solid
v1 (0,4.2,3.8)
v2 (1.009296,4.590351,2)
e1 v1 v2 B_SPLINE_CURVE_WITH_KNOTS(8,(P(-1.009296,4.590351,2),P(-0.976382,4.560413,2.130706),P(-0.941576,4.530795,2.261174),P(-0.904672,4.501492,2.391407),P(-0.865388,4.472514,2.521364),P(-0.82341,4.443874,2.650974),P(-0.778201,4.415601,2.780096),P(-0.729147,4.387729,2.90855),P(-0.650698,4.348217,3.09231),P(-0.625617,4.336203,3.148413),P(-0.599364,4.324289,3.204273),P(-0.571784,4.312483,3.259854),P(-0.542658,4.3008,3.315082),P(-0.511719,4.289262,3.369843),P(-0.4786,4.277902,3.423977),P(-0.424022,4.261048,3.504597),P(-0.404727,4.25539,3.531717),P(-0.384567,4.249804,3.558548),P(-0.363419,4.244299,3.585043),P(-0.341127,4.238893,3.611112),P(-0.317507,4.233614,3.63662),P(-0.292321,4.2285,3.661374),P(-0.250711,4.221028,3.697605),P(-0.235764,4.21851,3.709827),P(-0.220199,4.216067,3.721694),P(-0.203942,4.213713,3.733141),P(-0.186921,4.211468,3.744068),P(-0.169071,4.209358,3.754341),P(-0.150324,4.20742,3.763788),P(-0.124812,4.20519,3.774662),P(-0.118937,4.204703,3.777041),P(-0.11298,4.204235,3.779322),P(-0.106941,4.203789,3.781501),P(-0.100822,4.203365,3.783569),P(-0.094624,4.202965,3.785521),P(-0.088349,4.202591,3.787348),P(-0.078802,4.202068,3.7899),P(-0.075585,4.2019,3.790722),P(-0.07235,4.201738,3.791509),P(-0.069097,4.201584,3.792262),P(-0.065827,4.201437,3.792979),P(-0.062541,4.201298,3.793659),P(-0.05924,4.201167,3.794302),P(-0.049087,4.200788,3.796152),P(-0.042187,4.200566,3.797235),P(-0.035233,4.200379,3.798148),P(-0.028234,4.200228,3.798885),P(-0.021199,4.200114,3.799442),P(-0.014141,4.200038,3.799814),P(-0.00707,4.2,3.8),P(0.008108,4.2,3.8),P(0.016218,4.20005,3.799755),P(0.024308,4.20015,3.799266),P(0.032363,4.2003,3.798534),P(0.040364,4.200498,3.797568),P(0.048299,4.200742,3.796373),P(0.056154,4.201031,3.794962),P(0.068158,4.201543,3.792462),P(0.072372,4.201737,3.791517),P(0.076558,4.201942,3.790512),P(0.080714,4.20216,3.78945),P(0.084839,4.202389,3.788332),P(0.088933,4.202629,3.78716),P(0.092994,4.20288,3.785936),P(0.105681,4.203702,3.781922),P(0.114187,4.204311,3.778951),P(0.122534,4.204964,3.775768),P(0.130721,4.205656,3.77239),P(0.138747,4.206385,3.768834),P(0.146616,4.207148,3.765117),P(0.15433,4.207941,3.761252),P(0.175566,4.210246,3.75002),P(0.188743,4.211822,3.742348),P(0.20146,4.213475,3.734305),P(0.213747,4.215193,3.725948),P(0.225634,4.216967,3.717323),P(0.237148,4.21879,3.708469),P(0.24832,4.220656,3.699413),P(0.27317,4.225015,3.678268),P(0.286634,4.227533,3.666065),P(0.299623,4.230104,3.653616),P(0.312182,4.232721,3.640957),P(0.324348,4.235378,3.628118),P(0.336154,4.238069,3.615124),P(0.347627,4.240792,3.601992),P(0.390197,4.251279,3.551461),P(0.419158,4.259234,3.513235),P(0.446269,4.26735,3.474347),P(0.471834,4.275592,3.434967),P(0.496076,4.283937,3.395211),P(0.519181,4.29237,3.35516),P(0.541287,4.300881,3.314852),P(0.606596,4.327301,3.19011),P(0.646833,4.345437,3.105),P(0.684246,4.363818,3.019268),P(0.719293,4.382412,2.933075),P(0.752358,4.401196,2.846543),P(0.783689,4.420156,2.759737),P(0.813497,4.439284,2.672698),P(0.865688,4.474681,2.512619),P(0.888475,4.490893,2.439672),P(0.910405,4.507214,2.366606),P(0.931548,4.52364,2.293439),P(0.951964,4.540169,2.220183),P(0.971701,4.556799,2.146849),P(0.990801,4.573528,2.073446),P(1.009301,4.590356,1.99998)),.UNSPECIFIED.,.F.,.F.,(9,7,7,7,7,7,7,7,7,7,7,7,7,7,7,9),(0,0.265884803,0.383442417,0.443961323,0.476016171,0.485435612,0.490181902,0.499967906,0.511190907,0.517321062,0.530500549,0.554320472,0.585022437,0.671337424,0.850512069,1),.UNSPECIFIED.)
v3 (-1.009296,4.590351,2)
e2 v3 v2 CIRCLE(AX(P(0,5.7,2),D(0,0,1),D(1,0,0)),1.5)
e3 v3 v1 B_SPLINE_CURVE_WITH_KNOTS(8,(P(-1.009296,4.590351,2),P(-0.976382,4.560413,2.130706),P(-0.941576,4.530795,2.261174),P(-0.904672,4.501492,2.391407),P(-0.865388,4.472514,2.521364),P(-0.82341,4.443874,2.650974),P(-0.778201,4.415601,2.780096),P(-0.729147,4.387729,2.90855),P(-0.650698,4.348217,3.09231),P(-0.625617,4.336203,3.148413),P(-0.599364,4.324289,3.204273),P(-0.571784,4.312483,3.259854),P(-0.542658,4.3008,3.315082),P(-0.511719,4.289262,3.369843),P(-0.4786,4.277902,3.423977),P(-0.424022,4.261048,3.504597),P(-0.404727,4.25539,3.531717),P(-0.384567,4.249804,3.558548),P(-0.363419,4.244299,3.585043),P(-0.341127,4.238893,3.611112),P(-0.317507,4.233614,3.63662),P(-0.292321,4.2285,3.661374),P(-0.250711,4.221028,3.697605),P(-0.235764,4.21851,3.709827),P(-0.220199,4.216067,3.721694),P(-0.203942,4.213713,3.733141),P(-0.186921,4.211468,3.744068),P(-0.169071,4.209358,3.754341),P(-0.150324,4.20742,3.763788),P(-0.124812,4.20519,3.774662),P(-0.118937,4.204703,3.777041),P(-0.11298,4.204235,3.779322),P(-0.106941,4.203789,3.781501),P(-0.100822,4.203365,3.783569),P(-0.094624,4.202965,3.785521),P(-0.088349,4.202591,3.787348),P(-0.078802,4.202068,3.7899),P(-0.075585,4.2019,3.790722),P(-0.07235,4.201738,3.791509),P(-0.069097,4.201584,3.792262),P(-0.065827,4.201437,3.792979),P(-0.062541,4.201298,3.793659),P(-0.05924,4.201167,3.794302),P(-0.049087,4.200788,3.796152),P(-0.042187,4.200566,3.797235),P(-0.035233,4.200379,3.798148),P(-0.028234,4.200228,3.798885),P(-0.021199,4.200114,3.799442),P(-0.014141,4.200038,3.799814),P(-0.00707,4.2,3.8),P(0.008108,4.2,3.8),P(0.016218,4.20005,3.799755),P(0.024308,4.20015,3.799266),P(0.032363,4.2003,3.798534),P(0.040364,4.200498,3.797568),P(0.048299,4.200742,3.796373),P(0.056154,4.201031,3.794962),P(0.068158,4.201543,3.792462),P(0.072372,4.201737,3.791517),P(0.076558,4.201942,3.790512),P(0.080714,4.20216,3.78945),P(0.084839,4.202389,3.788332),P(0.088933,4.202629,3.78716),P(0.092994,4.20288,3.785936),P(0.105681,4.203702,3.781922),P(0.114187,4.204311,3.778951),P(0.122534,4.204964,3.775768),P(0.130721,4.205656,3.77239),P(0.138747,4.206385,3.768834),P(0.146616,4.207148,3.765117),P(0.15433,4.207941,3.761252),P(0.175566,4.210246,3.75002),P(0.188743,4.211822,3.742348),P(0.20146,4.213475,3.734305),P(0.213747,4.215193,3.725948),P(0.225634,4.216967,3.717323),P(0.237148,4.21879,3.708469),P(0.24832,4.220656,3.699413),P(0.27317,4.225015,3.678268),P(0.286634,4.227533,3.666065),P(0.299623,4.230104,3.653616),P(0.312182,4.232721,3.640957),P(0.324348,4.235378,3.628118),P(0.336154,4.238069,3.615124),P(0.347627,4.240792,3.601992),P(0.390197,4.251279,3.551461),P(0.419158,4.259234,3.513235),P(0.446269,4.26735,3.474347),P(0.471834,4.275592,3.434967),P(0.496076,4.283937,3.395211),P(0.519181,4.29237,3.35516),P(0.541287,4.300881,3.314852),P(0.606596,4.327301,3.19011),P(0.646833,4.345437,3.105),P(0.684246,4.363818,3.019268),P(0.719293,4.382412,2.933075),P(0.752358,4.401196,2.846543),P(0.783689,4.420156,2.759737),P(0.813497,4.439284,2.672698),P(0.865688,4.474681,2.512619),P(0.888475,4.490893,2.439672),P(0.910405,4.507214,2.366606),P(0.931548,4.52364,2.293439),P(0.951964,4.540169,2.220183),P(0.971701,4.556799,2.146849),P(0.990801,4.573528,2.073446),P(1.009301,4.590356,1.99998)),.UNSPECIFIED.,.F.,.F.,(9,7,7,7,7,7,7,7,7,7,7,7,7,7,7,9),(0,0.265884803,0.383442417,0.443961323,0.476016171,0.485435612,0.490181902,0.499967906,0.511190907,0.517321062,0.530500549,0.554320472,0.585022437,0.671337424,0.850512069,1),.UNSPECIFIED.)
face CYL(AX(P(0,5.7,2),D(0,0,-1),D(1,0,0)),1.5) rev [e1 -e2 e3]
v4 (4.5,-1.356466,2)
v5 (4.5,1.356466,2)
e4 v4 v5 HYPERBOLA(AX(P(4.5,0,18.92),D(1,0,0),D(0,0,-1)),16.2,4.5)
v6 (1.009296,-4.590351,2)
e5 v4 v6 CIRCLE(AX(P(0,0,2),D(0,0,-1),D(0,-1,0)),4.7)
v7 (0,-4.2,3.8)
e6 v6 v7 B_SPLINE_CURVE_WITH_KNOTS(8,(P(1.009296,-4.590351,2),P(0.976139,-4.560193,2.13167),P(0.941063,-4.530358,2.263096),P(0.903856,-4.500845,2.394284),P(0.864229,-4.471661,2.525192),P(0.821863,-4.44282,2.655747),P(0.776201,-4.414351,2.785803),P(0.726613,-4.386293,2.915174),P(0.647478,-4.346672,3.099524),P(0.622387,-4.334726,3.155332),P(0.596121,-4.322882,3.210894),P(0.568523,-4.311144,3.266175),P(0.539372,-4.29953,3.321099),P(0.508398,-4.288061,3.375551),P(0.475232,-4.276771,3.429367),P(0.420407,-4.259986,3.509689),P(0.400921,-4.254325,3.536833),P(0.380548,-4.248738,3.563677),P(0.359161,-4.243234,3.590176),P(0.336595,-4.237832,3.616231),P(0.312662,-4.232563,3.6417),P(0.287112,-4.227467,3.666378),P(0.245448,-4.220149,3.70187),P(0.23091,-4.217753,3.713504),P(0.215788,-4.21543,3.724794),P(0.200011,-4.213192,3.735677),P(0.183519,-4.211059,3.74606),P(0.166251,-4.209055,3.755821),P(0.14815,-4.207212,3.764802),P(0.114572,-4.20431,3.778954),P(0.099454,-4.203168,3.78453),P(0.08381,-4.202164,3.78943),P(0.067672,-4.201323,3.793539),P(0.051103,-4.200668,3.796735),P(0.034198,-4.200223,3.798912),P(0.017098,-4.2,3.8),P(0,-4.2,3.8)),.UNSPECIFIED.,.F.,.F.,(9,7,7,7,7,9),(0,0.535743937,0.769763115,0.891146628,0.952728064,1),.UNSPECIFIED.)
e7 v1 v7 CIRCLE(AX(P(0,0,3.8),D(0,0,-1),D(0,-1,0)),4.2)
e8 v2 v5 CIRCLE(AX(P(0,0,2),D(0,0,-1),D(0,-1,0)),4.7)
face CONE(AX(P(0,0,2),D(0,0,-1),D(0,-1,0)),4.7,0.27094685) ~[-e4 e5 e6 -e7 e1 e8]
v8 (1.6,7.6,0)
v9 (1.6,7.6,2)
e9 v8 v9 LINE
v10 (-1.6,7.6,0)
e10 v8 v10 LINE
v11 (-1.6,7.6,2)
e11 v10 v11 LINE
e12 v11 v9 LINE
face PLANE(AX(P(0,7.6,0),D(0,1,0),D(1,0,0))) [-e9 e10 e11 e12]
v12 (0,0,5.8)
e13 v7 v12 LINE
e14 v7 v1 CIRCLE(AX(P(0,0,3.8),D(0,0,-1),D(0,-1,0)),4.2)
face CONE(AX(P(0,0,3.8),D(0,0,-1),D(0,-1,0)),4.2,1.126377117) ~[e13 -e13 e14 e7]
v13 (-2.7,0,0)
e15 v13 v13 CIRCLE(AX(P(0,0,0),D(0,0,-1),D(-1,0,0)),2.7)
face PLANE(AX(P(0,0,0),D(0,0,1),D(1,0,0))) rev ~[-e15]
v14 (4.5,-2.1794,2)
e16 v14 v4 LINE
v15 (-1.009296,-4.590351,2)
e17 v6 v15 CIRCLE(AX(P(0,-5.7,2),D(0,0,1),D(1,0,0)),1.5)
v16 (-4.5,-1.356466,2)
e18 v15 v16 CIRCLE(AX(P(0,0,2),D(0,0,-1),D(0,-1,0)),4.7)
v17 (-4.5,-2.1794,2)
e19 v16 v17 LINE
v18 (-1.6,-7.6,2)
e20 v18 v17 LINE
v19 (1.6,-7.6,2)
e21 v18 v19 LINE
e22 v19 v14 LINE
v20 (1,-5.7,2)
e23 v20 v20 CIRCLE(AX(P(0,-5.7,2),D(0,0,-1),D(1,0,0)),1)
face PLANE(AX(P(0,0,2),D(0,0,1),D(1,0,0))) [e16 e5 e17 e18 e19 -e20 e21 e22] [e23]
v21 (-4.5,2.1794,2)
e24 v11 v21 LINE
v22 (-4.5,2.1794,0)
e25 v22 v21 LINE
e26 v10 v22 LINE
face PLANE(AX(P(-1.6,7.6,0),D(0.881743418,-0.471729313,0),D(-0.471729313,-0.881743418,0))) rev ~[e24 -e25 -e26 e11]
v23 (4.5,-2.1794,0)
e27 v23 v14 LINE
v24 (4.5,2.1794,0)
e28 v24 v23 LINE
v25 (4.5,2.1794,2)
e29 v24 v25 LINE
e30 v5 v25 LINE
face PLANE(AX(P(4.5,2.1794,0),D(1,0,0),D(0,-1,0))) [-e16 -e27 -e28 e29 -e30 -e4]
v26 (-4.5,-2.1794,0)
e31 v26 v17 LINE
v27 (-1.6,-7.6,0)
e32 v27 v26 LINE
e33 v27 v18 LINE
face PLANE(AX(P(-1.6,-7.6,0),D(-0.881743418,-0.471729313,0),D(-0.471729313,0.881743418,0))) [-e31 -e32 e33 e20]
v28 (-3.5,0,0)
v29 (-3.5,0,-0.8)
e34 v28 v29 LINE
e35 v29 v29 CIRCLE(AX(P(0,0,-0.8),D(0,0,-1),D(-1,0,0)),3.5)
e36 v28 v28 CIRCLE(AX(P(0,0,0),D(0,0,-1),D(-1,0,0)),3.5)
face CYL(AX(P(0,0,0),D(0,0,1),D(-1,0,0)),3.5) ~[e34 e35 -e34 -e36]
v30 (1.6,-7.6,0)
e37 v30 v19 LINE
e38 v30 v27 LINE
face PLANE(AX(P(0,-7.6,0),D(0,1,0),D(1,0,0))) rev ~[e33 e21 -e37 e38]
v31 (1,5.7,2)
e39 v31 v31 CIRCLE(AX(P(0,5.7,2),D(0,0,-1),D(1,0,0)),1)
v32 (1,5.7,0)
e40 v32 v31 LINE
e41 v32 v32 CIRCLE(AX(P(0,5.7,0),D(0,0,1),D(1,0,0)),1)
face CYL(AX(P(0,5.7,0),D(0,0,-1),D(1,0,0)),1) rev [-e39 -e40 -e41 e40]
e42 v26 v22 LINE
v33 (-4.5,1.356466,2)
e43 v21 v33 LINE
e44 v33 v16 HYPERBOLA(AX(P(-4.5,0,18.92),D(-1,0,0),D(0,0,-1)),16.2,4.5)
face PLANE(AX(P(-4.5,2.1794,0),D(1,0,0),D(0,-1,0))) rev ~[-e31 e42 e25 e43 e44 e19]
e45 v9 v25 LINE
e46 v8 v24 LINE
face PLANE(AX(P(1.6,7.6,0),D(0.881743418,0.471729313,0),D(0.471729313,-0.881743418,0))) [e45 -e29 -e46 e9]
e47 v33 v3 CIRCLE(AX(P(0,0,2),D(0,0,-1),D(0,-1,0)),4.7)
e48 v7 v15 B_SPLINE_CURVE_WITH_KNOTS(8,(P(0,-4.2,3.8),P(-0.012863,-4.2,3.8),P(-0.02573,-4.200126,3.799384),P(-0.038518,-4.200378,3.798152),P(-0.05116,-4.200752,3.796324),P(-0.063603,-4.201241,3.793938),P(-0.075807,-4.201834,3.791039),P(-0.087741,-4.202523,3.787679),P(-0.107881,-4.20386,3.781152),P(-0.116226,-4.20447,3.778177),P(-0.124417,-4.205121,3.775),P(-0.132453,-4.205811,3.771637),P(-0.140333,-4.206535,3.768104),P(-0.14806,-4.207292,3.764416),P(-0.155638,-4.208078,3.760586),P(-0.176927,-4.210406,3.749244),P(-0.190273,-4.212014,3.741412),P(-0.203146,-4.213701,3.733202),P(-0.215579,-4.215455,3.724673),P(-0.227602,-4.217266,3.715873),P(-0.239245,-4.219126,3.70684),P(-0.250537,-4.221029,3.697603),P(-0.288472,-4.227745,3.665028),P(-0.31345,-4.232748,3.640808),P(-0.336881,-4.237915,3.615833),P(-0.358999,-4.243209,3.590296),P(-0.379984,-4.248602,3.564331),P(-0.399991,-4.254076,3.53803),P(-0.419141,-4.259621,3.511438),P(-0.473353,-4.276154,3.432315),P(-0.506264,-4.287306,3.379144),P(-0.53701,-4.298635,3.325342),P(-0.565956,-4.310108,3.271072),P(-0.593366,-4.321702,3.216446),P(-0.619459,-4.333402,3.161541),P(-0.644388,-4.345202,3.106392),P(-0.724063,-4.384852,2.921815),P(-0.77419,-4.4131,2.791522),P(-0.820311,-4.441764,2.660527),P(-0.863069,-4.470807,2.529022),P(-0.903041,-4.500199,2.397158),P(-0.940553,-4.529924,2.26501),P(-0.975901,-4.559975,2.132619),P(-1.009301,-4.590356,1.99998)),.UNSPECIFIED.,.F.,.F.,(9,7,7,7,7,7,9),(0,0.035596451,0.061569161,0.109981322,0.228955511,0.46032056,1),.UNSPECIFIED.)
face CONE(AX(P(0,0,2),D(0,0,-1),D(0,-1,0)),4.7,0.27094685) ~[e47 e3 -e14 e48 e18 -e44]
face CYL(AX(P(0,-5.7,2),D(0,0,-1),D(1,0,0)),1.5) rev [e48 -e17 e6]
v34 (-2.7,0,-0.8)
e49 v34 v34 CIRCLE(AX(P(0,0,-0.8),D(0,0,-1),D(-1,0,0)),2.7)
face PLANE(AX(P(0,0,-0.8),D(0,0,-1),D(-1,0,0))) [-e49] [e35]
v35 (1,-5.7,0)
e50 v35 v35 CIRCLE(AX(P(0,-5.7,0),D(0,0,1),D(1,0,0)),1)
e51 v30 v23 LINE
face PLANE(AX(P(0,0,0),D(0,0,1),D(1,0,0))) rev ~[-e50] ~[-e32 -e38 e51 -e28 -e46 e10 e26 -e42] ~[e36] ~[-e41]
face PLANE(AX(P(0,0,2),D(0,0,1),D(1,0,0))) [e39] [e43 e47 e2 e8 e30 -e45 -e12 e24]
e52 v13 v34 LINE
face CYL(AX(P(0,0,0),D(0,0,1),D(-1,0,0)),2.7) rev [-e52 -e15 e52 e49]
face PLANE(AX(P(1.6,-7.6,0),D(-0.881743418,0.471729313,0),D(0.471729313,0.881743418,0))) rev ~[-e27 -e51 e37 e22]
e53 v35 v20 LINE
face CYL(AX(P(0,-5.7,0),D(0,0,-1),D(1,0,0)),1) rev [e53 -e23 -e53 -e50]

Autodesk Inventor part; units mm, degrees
ref_plane "YZ Plane" through (0, 0, 0) normal (1, 0, 0) x (0, 1, 0)
sketch "Sketch1" plane through (0, 0, 0) normal (0, 0, 1) x (1, 0, 0)
  line L0 (-4.5, 0) -> (4.5, 0) construction
  line L1 (0, 7.6) -> (0, -7.6) construction
  line L2 (0, 7.6) -> (-1.6, 7.6)
  line L3 (-1.6, 7.6) -> (-4.5, 2.1794)
  line L4 (-4.5, 2.1794) -> (-4.5, 0)
  arc A0 (0, 5) -> (-4.5, 2.1794) centre (0, 0) ccw construction
  line L5 (0, 7.6) -> (1.6, 7.6)
  line L6 (1.6, 7.6) -> (4.5, 2.1794)
  line L7 (4.5, 2.1794) -> (4.5, 0)
  line L8 (0, -7.6) -> (-1.6, -7.6)
  line L9 (-1.6, -7.6) -> (-4.5, -2.1794)
  line L10 (-4.5, -2.1794) -> (-4.5, 0)
  line L11 (0, -7.6) -> (1.6, -7.6)
  line L12 (1.6, -7.6) -> (4.5, -2.1794)
  line L13 (4.5, -2.1794) -> (4.5, 0)
  point P0 (0, -5)
  dimension "d0" = 3.2
  dimension "d1" = 15.2
  dimension "d2" = 9
  dimension "d3" = 10
extrude "Extrusion1" add sketch "Sketch1" along normal blind 2
sketch "Sketch2" plane through (0, 0, 0) normal (0, 0, 1) x (1, 0, 0)
  circle A0 centre (0, 5.7) radius 1
  circle A1 centre (0, -5.7) radius 1
  line L0 (-6.3, 0) -> (6.3, 0) projected
  point P0 (0, 0)
  dimension "d6" = 2
  dimension "d7" = 11.4
extrude "Extrusion2" cut sketch "Sketch2" along normal through all
sketch "Sketch3" plane through (0, 0, 0) normal (1, 0, 0) x (0, 1, 0)
  line L0 (-6.7, 2) -> (-4.7, 2) projected
  line L1 (-4.7, 2) -> (-4.2, 3.8)
  line L2 (-4.2, 3.8) -> (0, 5.8)
  line L3 (0, 5.8) -> (4.2, 3.8) construction
  line L4 (4.7, 2) -> (6.7, 2) projected
  line L5 (4.2, 3.8) -> (4.7, 2) construction
  line L6 (0, 5.8) -> (0, 2)
  line L7 (2.1794, 2) -> (-2.1794, 2) projected
  line L8 (0, 2) -> (-4.7, 2)
  point P0 (0, 0)
  dimension "d10" = 5.8
  dimension "d11" = 3.8
  dimension "d12" = 8.4
revolve "Revolution1" add sketch "Sketch3" angle 360 about axis through (0, 0, 5.8) along (0, 0, -1)
sketch "Sketch4" plane through (0, 0, 2) normal (0, 0, 1) x (1, 0, 0)
  circle A0 centre (0, -5.7) radius 1 projected
  circle A1 centre (0, -5.7) radius 1.5
  circle A2 centre (0, 5.7) radius 1 projected
  circle A3 centre (0, 5.7) radius 1.5
  point P0 (0, 4.7)
  dimension "d14" = 3
extrude "Extrusion3" cut sketch "Sketch4" along normal through all contours A0 | A1 | A2 | A3
sketch "Sketch5" plane through (0, 0, 0) normal (0, 0, -1) x (-1, 0, 0)
  circle A0 centre (0, 0) radius 3.5
  circle A1 centre (0, 0) radius 2.7
  dimension "d17" = 7
  dimension "d18" = 5.4
extrude "Extrusion4" add sketch "Sketch5" along normal blind 0.8
ref_plane "Work Plane1" through (-4.5, -2.1794, 0) normal (-1, 0, 0) x (0, 0, 1)
split "Split1" plane through (-4.5, -2.1794, 0) removes the side toward (-1, 0, 0)
ref_plane "Work Plane2" through (4.5, -2.1794, 0) normal (1, 0, 0) x (0, 0, -1)
split "Split2" plane through (4.5, -2.1794, 0) removes the side toward (1, 0, 0)
properties part number "b10"
